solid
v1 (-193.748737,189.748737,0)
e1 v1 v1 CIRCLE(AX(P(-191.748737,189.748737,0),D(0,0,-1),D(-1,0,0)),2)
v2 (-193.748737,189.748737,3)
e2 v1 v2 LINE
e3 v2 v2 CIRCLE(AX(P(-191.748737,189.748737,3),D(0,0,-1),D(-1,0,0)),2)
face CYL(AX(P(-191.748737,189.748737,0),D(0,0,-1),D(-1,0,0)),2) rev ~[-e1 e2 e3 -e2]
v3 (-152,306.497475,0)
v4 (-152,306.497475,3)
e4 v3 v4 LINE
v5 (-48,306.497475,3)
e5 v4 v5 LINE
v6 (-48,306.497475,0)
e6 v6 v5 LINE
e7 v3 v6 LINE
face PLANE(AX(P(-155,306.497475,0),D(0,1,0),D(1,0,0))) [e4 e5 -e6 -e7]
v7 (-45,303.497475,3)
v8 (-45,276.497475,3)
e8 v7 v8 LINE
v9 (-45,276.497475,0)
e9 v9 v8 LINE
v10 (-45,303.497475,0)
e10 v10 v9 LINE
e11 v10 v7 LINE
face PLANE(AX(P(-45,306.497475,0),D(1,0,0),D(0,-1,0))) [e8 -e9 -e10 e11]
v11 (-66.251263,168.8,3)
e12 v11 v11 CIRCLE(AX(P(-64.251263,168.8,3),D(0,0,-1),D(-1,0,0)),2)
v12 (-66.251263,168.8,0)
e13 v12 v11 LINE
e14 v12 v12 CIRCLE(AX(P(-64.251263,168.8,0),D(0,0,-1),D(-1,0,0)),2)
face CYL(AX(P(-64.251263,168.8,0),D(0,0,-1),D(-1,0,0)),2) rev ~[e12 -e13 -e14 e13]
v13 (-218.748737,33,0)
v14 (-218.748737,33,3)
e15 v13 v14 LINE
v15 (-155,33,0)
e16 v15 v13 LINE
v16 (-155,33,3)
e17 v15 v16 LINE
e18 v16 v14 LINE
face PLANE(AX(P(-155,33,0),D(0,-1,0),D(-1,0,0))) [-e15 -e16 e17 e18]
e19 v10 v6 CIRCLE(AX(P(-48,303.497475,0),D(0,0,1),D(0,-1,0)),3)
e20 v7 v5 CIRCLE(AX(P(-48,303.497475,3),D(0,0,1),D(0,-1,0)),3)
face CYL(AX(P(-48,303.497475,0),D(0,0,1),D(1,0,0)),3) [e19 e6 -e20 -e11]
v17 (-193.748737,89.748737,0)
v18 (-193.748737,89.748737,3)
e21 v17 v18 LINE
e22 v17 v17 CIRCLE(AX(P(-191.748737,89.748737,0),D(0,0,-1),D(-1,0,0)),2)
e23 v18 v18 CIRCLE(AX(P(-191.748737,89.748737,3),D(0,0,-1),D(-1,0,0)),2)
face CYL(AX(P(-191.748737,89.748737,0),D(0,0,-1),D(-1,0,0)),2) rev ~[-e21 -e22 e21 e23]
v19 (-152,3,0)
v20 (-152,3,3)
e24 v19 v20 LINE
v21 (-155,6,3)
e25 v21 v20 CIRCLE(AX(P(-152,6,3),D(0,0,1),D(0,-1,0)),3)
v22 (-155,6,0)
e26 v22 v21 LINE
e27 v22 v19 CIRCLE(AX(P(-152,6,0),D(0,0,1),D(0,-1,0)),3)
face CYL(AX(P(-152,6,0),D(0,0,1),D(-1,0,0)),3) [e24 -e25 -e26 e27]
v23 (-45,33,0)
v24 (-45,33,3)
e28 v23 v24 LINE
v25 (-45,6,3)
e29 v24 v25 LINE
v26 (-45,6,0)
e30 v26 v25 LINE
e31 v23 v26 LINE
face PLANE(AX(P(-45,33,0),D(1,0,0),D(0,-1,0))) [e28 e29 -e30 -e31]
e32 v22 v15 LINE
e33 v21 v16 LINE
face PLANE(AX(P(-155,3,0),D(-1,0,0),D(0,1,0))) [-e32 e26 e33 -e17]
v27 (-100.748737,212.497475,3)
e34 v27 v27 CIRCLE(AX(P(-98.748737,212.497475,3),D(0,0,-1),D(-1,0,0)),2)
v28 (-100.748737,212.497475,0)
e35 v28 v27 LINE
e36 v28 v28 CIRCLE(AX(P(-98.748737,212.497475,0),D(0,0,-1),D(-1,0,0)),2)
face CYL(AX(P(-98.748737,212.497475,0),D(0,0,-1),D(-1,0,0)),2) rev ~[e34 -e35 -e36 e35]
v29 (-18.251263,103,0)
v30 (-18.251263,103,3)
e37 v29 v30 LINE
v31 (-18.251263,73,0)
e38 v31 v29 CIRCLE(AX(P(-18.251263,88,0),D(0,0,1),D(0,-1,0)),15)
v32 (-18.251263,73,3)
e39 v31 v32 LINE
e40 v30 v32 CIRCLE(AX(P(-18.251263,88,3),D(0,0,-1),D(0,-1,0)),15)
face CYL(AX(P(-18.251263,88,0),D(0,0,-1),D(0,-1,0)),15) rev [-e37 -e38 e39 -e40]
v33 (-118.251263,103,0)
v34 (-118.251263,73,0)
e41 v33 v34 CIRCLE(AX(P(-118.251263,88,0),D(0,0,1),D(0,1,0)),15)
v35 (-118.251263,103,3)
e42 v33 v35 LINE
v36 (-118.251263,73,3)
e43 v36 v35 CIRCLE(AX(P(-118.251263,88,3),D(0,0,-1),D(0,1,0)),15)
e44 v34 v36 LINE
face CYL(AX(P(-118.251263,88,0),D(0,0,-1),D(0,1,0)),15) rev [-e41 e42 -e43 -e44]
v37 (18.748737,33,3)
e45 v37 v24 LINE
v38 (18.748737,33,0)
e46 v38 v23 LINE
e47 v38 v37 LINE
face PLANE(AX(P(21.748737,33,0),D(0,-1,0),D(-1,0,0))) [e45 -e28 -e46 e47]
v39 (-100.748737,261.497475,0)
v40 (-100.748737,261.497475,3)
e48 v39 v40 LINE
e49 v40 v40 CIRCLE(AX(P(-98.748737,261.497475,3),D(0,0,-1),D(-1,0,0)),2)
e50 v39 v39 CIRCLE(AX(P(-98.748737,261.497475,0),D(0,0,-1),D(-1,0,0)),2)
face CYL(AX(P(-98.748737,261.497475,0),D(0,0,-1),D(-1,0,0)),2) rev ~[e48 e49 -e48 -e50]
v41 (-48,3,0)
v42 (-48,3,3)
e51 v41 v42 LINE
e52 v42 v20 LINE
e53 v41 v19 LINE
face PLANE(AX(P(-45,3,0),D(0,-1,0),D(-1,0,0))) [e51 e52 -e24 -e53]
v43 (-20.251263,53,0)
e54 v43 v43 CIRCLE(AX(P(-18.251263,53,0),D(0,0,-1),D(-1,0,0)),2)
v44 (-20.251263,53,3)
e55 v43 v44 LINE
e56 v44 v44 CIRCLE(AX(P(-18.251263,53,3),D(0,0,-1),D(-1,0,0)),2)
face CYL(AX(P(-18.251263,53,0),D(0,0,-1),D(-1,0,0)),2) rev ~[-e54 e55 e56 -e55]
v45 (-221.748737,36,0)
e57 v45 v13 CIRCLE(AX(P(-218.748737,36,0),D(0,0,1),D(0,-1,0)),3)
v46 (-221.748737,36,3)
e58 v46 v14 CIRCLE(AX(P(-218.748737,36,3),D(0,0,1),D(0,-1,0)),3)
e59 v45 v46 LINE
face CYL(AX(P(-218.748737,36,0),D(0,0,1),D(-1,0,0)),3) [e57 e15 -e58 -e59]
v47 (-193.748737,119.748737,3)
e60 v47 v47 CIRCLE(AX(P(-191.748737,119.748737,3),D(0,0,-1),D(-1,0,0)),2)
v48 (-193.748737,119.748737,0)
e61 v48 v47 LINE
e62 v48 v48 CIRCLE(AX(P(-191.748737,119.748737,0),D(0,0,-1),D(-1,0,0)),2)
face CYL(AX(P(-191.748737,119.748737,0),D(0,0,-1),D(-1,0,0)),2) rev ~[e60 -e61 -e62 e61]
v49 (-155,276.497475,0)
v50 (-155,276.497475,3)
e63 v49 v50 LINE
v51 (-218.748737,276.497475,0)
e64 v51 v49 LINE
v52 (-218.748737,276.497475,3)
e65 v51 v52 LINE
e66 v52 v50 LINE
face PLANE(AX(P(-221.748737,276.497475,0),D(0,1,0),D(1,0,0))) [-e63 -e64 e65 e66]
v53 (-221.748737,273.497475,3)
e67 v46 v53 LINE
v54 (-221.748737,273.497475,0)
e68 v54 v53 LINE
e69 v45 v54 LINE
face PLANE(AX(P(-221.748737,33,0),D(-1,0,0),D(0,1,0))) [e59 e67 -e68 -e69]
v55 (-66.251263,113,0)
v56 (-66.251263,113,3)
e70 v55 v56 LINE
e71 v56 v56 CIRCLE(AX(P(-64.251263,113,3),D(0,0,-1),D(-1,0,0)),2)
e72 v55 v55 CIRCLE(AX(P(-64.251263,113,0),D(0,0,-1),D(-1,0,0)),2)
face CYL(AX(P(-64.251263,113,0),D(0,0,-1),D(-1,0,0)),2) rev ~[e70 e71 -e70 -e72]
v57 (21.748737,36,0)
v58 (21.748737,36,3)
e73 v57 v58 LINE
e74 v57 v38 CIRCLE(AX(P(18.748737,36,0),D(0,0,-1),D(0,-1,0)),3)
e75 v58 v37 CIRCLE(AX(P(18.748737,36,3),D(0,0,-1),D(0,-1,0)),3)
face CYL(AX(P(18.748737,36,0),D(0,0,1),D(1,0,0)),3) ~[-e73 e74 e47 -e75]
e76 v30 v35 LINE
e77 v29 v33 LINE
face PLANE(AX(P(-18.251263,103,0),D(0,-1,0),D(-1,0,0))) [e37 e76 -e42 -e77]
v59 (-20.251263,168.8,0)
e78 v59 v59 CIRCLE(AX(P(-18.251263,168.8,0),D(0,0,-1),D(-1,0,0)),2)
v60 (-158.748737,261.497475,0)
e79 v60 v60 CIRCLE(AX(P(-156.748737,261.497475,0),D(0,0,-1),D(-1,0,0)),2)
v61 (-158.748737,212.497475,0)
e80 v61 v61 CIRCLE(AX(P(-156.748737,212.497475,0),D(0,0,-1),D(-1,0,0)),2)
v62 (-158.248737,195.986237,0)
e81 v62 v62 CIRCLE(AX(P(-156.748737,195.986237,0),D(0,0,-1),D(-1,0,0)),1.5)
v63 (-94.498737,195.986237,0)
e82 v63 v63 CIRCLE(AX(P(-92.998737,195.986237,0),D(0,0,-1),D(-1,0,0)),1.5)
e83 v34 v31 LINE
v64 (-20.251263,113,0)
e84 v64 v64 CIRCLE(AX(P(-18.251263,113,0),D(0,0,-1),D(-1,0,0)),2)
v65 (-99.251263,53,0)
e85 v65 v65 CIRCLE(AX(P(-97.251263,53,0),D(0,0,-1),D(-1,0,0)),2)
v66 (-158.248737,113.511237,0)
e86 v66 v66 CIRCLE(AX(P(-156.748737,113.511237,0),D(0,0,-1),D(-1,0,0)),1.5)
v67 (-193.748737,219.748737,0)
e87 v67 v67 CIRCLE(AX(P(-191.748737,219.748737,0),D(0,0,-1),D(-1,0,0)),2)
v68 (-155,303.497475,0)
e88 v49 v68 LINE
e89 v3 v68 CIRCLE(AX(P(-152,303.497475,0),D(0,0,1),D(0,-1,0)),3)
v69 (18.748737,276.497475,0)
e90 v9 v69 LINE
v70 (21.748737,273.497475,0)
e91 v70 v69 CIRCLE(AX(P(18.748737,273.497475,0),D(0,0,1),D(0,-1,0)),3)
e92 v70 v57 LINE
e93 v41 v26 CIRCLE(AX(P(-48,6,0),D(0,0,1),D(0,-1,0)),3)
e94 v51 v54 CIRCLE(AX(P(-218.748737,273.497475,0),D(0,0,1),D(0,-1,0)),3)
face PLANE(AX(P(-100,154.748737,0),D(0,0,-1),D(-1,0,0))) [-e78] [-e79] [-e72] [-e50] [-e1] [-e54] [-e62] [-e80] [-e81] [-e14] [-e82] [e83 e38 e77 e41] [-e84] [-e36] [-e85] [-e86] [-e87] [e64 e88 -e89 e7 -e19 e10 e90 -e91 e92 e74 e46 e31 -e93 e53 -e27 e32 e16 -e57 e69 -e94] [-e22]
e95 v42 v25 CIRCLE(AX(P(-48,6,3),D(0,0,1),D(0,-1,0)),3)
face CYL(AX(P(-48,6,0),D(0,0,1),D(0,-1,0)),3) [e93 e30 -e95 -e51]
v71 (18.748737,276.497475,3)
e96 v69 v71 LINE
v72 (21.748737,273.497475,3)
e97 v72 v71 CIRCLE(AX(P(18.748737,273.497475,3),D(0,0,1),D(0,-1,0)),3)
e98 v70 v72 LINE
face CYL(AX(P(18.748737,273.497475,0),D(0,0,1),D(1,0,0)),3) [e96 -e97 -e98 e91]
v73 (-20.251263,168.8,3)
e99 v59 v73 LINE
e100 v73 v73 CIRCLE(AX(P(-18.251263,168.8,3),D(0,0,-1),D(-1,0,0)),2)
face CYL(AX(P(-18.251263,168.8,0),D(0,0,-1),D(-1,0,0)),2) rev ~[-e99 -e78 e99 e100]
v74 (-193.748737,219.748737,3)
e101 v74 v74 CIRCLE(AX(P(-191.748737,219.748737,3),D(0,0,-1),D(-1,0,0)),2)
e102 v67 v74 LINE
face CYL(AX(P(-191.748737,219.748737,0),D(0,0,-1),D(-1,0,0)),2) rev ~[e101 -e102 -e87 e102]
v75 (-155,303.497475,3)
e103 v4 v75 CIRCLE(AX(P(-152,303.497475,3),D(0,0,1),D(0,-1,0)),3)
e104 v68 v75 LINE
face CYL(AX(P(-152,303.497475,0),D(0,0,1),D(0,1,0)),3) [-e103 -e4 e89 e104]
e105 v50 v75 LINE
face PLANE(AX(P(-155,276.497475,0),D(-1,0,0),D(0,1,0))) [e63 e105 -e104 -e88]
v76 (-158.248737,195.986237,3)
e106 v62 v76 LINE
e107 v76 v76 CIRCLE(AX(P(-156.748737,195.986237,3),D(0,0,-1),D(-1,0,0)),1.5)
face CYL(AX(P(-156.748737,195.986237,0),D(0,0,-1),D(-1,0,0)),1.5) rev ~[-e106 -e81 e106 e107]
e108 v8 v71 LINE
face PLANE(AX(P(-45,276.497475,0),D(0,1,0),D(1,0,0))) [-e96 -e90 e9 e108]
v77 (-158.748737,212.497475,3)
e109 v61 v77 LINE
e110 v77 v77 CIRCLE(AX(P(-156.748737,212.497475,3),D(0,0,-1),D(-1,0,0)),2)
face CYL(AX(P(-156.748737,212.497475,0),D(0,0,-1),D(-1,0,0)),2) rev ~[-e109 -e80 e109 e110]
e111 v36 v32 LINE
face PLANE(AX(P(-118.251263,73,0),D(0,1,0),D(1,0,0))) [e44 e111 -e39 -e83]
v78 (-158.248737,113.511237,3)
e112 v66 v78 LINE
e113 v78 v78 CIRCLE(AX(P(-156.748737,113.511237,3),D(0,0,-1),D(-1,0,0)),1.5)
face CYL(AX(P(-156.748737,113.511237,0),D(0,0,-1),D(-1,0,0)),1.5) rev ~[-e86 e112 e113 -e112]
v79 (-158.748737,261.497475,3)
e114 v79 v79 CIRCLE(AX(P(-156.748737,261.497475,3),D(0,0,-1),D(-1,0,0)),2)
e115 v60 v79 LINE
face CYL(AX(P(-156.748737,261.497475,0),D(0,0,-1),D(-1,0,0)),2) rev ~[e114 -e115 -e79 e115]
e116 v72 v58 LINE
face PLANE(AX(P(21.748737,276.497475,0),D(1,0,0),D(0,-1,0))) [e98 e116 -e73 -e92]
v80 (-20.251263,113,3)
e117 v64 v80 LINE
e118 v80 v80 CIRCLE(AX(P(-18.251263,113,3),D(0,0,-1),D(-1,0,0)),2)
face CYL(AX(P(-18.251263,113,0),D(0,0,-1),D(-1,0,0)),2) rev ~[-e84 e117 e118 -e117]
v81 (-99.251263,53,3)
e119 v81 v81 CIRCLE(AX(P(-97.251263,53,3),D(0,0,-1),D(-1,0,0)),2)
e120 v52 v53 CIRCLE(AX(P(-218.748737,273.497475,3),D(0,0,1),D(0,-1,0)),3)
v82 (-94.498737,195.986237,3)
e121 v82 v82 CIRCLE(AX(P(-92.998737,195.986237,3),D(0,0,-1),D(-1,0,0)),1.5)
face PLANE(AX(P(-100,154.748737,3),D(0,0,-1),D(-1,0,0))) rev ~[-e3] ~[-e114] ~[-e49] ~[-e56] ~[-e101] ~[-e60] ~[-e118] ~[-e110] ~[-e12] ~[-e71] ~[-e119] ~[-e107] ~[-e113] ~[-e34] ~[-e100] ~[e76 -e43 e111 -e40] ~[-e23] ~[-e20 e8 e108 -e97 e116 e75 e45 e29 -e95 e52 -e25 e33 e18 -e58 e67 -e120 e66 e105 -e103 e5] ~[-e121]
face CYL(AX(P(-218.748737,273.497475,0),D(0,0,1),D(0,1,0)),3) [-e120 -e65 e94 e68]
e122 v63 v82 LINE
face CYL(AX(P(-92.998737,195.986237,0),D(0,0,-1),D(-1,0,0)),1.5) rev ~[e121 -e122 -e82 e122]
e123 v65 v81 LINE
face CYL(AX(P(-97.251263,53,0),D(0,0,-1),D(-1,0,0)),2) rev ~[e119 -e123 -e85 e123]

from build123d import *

# Parameters (mm, degrees)
BASE_DEPTH              = 3
CONG_1_R                = 3
ENL_V_MAT_EXTRU_1_DEPTH = 4
CONG_2_R                = 3
ESQUISSE26_R            = 2
ENL_V_MAT_EXTRU_2_DEPTH = 4
ESQUISSE27_R            = 2
ENL_V_MAT_EXTRU_3_DEPTH = 4
ESQUISSE28_R            = 1.5
ENL_V_MAT_EXTRU_4_DEPTH = 4
ESQUISSE29_R            = 2
ENL_V_MAT_EXTRU_5_DEPTH = 4
ESQUISSE30_R            = 2
ENL_V_MAT_EXTRU_6_DEPTH = 4
ENL_V_MAT_EXTRU_7_DEPTH = 4


with BuildPart() as part:
    # Esquisse1 → Base (new body)
    with BuildSketch(Plane.XY):
        Polygon((0, 0), (-200, 0), (-224.748737342, 24.748737342), (-224.748737342, 284.748737342), (-200, 309.497474683), (0, 309.497474683), (24.748737342, 284.748737342), (24.748737342, 24.748737342), align=None)
    extrude(amount=BASE_DEPTH)

    # Congé1
    cong_1_edges = [part.edges().sort_by_distance(p)[0] for p in [
        (0, 0, 1.5),
        (-200, 0, 1.5),
        (-224.748737342, 24.748737342, 1.5),
        (-224.748737342, 284.748737342, 1.5),
        (-200, 309.497474683, 1.5),
        (0, 309.497474683, 1.5),
        (24.748737342, 284.748737342, 1.5),
        (24.748737342, 24.748737342, 1.5),
    ]]
    fillet(cong_1_edges, radius=CONG_1_R)

    # Esquisse25 → Enlèv. mat.-Extru.1 (cut, through all)
    with BuildSketch(Plane(origin=(0, 0, 0), x_dir=(-1, 0, 0), z_dir=(0, 0, -1))):
        Polygon((-24.748737342, 33), (-24.748737342, 0), (45, 0), (155, 0), (224.748737342, 0), (224.748737342, 33), (224.748737342, 276.497474683), (224.748737342, 309.497474683), (155, 309.497474683), (45, 309.497474683), (-24.748737342, 309.497474683), (-24.748737342, 276.497474683), align=None)
        Polygon((-21.748737342, 33), (45, 33), (45, 3), (155, 3), (155, 33), (221.748737342, 33), (221.748737342, 276.497474683), (155, 276.497474683), (155, 306.497474683), (45, 306.497474683), (45, 276.497474683), (-21.748737342, 276.497474683), align=None, mode=Mode.SUBTRACT)
    extrude(amount=-ENL_V_MAT_EXTRU_1_DEPTH, mode=Mode.SUBTRACT)

    # Congé2
    cong_2_edges = [part.edges().sort_by_distance(p)[0] for p in [
        (21.748737342, 33, 1.5),
        (21.748737342, 276.497474683, 1.5),
        (-45, 306.497474683, 1.5),
        (-155, 306.497474683, 1.5),
        (-221.748737342, 276.497474683, 1.5),
        (-221.748737342, 33, 1.5),
        (-155, 3, 1.5),
        (-45, 3, 1.5),
    ]]
    fillet(cong_2_edges, radius=CONG_2_R)

    # Esquisse26 → Enlèv. mat.-Extru.2 (cut, through all)
    with BuildSketch(Plane(origin=(0, 0, 0), x_dir=(-1, 0, 0), z_dir=(0, 0, -1))):
        with Locations((191.748737342, 189.748737342)):
            Circle(ESQUISSE26_R)
        with Locations((191.748737342, 219.748737342)):
            Circle(ESQUISSE26_R)
        with Locations((191.748737342, 89.748737342)):
            Circle(ESQUISSE26_R)
        with Locations((191.748737342, 119.748737342)):
            Circle(ESQUISSE26_R)
    extrude(amount=-ENL_V_MAT_EXTRU_2_DEPTH, mode=Mode.SUBTRACT)

    # Esquisse27 → Enlèv. mat.-Extru.3 (cut, through all)
    with BuildSketch(Plane(origin=(0, 0, 0), x_dir=(-1, 0, 0), z_dir=(0, 0, -1))):
        with Locations((97.251262658, 53)):
            Circle(ESQUISSE27_R)
        with Locations((18.251262658, 53)):
            Circle(ESQUISSE27_R)
    extrude(amount=-ENL_V_MAT_EXTRU_3_DEPTH, mode=Mode.SUBTRACT)

    # Esquisse28 → Enlèv. mat.-Extru.4 (cut, through all)
    with BuildSketch(Plane(origin=(0, 0, 0), x_dir=(-1, 0, 0), z_dir=(0, 0, -1))):
        with Locations((156.748737342, 195.986237342)):
            Circle(ESQUISSE28_R)
        with Locations((92.998737342, 195.986237342)):
            Circle(ESQUISSE28_R)
        with Locations((156.748737342, 113.511237342)):
            Circle(ESQUISSE28_R)
    extrude(amount=-ENL_V_MAT_EXTRU_4_DEPTH, mode=Mode.SUBTRACT)

    # Esquisse29 → Enlèv. mat.-Extru.5 (cut, through all)
    with BuildSketch(Plane(origin=(0, 0, 0), x_dir=(-1, 0, 0), z_dir=(0, 0, -1))):
        with Locations((156.748737342, 212.497474683)):
            Circle(ESQUISSE29_R)
        with Locations((98.748737342, 212.497474683)):
            Circle(ESQUISSE29_R)
        with Locations((98.748737342, 261.497474683)):
            Circle(ESQUISSE29_R)
        with Locations((156.748737342, 261.497474683)):
            Circle(ESQUISSE29_R)
    extrude(amount=-ENL_V_MAT_EXTRU_5_DEPTH, mode=Mode.SUBTRACT)

    # Esquisse30 → Enlèv. mat.-Extru.6 (cut, through all)
    with BuildSketch(Plane(origin=(0, 0, 0), x_dir=(-1, 0, 0), z_dir=(0, 0, -1))):
        with Locations((64.251262658, 113)):
            Circle(ESQUISSE30_R)
        with Locations((18.251262658, 113)):
            Circle(ESQUISSE30_R)
        with Locations((18.251262658, 168.8)):
            Circle(ESQUISSE30_R)
        with Locations((64.251262658, 168.8)):
            Circle(ESQUISSE30_R)
    extrude(amount=-ENL_V_MAT_EXTRU_6_DEPTH, mode=Mode.SUBTRACT)

    # Esquisse31 → Enlèv. mat.-Extru.7 (cut, through all)
    with BuildSketch(Plane(origin=(0, 0, 0), x_dir=(-1, 0, 0), z_dir=(0, 0, -1))):
        with BuildLine():
            Line((118.251262658, 73), (18.251262658, 73))
            ThreePointArc((18.251262658, 73), (3.251262658, 88), (18.251262658, 103))
            Line((18.251262658, 103), (118.251262658, 103))
            ThreePointArc((118.251262658, 103), (133.251262658, 88), (118.251262658, 73))
        make_face()
    extrude(amount=-ENL_V_MAT_EXTRU_7_DEPTH, mode=Mode.SUBTRACT)


solid = part.part
